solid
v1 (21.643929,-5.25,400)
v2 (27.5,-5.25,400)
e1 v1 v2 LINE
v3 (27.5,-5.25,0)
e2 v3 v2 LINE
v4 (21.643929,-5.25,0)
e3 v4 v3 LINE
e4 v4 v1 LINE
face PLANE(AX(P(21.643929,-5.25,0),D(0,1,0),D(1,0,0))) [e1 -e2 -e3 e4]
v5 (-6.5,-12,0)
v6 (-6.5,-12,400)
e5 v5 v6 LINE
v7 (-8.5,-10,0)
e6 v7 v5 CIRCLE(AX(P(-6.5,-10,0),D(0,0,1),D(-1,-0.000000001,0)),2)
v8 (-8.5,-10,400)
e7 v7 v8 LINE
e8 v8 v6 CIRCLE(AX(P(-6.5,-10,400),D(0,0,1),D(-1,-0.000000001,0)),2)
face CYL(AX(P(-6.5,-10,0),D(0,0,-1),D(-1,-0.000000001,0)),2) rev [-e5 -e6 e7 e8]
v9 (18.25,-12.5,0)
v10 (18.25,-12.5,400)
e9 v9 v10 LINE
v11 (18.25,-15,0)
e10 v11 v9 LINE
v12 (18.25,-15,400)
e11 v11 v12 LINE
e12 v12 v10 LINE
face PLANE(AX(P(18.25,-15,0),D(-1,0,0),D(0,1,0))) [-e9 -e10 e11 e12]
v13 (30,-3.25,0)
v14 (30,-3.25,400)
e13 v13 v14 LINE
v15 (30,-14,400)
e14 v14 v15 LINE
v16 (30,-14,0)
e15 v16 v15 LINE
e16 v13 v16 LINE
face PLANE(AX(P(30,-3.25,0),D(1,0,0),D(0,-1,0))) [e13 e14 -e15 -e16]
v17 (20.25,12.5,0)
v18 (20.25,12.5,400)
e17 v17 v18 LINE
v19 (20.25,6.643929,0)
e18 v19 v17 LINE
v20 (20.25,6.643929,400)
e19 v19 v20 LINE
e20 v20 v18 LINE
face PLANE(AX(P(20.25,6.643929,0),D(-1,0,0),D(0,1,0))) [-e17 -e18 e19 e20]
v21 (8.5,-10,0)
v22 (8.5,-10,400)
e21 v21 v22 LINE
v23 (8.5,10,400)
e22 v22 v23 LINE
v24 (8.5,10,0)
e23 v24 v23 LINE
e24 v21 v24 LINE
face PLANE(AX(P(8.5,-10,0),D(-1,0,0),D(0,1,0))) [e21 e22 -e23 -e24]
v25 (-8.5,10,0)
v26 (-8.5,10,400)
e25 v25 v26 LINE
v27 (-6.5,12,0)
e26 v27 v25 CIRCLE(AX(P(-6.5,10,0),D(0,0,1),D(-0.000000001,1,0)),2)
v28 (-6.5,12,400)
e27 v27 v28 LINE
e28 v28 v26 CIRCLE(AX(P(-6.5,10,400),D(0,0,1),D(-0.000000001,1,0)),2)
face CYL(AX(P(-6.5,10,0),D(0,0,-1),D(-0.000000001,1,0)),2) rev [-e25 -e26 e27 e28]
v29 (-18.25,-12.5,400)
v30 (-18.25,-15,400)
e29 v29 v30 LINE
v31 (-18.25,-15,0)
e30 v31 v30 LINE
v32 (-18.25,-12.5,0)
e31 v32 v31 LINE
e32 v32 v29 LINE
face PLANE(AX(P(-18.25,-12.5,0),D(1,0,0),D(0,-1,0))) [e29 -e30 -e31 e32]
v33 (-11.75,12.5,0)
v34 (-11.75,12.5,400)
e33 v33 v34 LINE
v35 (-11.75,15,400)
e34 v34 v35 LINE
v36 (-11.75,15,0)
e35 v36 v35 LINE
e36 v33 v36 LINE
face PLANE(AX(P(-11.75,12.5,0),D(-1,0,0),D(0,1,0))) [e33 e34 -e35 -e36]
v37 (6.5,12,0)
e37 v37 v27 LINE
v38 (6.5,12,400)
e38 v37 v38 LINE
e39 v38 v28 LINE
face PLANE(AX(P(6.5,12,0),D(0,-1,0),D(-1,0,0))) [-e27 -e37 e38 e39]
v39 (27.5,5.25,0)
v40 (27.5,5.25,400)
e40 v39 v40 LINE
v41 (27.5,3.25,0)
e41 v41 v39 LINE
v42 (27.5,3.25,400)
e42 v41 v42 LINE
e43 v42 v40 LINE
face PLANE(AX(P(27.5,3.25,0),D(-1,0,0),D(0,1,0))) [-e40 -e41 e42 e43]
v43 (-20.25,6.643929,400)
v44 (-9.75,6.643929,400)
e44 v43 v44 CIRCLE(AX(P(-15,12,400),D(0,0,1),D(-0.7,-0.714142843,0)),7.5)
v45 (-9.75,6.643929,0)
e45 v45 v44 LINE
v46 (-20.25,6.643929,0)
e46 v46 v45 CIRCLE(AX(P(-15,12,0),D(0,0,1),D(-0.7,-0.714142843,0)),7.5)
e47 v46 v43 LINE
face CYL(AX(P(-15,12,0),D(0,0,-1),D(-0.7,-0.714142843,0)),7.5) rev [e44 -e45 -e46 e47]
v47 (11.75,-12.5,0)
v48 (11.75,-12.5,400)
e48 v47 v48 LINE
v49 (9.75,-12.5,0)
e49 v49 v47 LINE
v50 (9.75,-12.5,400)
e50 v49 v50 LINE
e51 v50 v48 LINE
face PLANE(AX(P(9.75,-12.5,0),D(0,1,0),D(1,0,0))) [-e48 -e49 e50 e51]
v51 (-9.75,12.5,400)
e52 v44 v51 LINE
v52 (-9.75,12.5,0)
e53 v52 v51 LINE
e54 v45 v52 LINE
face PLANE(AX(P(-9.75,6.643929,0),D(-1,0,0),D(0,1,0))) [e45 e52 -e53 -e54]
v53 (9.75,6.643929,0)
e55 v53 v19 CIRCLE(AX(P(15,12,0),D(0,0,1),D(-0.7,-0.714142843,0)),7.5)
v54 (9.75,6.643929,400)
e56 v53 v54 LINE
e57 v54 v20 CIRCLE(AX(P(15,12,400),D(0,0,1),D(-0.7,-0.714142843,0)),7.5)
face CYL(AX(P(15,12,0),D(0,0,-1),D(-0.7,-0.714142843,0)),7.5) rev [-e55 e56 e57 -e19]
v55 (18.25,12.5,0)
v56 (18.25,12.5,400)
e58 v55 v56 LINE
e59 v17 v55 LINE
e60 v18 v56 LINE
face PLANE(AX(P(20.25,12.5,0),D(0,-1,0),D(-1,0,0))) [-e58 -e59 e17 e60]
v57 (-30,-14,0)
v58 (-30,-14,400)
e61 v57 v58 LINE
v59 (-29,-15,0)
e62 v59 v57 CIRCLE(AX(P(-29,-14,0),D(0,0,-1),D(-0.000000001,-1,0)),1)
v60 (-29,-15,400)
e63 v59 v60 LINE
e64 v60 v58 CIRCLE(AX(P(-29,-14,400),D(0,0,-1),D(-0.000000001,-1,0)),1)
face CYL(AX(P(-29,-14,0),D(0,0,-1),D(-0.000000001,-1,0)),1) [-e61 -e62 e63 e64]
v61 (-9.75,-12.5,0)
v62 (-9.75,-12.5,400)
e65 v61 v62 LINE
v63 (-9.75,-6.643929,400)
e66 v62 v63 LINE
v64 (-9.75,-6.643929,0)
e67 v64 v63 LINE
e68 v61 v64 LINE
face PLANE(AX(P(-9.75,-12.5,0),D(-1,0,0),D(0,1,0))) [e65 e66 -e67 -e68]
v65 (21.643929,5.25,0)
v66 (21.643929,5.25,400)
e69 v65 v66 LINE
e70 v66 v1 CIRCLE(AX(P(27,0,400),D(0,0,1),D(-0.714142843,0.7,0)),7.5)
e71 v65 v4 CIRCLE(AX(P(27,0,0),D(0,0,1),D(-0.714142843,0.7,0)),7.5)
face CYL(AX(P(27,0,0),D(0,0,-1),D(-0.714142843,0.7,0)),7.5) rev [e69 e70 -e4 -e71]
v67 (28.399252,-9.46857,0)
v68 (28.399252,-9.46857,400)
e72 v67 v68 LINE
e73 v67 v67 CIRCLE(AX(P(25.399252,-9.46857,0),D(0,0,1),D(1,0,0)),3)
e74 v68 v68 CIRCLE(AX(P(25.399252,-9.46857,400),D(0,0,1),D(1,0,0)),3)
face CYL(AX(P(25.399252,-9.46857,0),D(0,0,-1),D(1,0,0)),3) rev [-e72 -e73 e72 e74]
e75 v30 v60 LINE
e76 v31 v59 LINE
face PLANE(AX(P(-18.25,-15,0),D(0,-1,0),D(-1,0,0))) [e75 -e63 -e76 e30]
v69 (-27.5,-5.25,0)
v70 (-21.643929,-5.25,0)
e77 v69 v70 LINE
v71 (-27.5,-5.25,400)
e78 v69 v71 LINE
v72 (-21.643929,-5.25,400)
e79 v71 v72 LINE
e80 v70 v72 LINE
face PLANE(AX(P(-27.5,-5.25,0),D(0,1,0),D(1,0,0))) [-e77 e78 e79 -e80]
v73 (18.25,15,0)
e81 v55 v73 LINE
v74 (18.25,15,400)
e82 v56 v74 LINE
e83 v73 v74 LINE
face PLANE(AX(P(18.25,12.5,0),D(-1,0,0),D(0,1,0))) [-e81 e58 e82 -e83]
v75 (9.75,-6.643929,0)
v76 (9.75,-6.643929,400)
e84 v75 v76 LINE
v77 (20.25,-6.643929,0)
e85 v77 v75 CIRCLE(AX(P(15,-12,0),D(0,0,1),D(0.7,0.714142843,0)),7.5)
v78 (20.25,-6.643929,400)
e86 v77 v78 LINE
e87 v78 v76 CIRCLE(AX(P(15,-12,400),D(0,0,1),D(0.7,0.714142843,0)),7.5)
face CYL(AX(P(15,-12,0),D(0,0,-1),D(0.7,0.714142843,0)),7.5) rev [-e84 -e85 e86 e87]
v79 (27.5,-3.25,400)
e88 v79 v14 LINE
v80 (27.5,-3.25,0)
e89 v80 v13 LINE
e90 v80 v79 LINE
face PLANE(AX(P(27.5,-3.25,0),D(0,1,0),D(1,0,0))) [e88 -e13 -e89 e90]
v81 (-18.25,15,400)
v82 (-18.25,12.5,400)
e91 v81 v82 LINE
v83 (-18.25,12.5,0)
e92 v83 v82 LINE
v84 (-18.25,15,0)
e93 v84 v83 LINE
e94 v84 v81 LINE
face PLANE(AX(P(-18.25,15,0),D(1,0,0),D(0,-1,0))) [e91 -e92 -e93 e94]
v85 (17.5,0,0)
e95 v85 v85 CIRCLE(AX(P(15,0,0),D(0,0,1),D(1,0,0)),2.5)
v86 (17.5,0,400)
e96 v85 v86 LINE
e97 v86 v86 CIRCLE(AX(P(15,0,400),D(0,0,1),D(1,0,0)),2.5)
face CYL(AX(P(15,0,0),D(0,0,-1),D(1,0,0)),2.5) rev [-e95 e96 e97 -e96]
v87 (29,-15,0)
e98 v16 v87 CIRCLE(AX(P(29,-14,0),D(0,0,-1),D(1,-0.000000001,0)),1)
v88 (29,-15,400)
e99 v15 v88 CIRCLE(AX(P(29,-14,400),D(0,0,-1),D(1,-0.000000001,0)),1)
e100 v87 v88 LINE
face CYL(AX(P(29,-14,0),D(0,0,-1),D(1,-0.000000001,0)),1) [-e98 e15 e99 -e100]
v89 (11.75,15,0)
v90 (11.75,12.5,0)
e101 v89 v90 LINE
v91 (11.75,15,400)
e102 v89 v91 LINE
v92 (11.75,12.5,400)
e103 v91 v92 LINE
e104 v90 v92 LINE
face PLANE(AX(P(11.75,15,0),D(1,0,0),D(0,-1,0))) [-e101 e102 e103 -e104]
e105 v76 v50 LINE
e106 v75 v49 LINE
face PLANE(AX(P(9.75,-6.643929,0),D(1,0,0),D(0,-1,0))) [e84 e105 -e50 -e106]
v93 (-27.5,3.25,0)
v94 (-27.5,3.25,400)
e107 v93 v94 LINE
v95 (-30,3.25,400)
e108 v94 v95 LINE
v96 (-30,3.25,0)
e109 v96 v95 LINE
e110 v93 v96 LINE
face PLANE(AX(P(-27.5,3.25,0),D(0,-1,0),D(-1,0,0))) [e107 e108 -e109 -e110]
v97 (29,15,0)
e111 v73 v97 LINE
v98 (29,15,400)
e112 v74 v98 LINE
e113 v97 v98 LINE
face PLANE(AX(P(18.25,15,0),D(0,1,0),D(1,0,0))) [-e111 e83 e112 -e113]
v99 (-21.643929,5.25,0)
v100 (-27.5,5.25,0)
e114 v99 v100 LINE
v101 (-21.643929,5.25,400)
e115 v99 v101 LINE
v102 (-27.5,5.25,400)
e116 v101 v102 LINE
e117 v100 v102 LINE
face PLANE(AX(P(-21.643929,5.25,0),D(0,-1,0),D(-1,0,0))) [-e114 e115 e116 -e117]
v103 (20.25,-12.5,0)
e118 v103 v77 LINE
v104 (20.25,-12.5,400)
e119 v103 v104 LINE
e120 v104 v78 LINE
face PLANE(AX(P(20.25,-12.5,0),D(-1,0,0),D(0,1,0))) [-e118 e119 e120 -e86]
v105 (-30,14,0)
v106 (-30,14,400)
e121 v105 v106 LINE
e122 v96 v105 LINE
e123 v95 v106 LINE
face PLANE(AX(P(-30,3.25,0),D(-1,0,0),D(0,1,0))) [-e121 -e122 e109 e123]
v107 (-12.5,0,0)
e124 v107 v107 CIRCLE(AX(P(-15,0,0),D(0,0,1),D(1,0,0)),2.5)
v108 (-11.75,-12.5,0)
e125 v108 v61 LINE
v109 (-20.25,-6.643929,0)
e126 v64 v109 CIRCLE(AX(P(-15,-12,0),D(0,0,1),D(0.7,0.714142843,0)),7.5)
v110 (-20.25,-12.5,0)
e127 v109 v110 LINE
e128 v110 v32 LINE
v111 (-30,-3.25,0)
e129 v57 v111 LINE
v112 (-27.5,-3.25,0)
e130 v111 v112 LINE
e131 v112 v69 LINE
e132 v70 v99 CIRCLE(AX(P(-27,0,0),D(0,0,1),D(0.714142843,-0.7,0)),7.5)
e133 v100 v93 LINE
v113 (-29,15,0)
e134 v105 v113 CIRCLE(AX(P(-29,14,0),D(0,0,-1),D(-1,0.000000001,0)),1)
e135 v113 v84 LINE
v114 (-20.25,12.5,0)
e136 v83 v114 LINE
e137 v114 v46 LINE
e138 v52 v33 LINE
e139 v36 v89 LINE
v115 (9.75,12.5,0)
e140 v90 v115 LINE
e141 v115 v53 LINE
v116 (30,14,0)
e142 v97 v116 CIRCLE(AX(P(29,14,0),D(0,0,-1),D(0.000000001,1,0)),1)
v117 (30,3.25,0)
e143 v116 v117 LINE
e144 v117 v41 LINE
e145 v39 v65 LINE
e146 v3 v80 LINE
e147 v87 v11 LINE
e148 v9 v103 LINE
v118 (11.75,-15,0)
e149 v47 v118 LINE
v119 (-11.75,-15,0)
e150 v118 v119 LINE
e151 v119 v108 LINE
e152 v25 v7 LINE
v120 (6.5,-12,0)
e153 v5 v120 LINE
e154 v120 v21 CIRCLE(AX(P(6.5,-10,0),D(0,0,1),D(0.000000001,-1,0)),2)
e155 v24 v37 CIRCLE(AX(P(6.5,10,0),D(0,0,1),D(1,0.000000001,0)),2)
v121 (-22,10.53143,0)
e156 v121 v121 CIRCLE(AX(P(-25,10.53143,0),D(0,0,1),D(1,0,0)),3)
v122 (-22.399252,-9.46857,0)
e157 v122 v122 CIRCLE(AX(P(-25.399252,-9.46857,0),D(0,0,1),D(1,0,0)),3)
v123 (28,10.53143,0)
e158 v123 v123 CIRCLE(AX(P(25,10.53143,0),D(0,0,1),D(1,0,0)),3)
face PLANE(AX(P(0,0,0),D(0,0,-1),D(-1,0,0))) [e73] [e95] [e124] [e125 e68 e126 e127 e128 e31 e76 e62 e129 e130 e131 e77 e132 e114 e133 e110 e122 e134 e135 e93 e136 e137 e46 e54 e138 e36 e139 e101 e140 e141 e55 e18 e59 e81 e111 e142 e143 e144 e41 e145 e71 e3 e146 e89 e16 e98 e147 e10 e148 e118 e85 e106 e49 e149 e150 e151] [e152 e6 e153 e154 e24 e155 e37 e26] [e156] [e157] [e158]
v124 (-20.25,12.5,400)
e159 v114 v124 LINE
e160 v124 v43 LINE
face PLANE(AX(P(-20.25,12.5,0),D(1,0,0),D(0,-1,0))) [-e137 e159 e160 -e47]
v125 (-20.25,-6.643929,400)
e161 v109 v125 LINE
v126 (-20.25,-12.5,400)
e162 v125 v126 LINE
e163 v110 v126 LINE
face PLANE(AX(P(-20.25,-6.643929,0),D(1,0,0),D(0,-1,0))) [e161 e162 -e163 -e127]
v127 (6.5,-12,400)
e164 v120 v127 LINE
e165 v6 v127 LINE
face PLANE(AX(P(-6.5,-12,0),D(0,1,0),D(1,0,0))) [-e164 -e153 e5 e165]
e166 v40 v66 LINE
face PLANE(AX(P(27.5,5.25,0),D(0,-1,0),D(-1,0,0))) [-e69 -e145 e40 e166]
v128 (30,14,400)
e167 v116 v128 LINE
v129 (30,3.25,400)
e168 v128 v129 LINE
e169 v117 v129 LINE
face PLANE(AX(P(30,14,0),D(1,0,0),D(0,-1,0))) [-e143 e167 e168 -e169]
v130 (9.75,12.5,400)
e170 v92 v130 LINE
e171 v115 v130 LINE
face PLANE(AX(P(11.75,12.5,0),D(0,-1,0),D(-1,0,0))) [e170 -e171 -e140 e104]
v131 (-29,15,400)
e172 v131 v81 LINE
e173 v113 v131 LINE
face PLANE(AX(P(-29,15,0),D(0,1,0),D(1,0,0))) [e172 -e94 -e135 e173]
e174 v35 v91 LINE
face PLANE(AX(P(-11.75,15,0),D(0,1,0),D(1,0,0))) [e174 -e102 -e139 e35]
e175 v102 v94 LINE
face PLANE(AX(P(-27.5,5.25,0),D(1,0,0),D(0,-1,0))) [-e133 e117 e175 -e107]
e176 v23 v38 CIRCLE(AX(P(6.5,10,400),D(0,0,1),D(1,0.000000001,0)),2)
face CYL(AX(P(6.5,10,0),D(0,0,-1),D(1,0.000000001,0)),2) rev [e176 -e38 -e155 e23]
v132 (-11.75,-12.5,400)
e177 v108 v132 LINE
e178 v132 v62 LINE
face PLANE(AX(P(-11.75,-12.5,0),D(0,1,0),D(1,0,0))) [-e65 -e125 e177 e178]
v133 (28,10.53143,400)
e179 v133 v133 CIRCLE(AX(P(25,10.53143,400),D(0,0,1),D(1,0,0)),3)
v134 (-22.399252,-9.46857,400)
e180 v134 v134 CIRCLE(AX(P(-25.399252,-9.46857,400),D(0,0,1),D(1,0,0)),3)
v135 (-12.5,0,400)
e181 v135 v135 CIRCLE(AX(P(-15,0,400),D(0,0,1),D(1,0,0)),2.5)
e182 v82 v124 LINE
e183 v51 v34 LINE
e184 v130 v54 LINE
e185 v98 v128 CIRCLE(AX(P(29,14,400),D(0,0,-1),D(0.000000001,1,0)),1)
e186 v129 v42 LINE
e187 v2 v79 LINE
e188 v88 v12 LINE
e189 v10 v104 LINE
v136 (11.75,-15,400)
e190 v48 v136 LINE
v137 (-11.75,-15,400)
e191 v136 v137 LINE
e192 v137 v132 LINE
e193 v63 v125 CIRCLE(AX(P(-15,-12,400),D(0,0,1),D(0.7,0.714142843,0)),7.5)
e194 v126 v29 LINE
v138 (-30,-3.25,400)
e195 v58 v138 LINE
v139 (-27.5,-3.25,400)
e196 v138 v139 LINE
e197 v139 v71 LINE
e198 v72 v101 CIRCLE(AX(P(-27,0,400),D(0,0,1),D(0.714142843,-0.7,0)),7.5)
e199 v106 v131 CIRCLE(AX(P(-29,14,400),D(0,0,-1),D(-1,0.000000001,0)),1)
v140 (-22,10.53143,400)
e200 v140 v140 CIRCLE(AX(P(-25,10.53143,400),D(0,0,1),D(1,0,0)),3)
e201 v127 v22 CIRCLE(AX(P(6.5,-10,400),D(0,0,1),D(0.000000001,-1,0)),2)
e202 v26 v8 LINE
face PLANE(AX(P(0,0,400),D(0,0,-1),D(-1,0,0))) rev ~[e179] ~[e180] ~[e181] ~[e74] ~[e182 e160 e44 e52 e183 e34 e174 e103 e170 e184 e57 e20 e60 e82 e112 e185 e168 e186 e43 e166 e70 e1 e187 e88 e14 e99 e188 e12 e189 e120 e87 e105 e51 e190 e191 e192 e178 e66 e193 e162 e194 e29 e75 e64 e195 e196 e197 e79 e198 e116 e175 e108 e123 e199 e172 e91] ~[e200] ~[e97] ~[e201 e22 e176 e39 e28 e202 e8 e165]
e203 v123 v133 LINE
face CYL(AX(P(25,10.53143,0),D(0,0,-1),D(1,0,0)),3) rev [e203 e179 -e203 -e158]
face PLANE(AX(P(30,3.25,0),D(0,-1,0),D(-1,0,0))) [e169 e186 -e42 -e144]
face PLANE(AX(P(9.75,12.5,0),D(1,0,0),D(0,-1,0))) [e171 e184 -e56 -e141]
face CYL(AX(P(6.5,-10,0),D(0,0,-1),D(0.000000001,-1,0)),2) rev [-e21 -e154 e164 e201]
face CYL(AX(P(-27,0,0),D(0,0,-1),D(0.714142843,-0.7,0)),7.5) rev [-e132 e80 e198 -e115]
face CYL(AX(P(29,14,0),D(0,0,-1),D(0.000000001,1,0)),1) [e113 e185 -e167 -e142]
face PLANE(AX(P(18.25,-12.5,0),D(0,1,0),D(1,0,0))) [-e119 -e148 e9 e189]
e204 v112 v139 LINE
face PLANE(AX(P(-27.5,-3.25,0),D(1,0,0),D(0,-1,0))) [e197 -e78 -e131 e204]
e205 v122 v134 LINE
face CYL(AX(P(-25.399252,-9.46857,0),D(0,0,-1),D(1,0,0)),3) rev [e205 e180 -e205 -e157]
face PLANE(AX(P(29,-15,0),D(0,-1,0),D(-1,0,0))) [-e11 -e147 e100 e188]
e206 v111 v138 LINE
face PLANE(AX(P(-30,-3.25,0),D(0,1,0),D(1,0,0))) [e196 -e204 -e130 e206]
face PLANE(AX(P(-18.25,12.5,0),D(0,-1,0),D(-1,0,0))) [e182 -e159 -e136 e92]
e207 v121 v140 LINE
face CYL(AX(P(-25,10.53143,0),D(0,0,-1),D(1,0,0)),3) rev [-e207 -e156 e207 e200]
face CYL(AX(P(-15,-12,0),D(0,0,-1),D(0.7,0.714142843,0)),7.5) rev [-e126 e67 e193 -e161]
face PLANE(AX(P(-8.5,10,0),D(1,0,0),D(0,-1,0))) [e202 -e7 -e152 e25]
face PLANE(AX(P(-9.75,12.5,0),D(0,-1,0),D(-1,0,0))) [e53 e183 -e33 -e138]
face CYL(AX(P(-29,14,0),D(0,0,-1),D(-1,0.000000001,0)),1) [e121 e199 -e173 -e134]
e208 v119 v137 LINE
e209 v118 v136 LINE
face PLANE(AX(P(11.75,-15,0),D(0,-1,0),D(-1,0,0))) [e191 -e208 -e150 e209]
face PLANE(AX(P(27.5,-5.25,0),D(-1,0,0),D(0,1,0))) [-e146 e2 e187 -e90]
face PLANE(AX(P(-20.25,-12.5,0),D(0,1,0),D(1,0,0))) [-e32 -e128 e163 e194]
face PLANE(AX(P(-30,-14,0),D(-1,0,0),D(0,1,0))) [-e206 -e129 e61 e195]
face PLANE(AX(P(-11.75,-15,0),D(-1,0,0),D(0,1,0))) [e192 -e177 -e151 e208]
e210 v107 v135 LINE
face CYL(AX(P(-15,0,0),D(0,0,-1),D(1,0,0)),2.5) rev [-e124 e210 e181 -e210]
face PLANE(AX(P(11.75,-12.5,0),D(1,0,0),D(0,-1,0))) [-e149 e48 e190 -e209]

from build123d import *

# Parameters (mm, degrees)
MODEL_R             = 2.5
MODEL_R_2           = 3
BOSS_EXTRUDE1_DEPTH = 400


with BuildPart() as part:
    # Model → Boss-Extrude1 (new body)
    with BuildSketch(Plane.XY):
        with BuildLine():
            Line((-27.5, 3.25), (-30, 3.25))
            Line((-30, 3.25), (-30, 14))
            ThreePointArc((-30, 14), (-29.707106781, 14.707106781), (-29, 15))
            Line((-29, 15), (-18.25, 15))
            Line((-18.25, 15), (-18.25, 12.5))
            Line((-18.25, 12.5), (-20.25, 12.5))
            Line((-20.25, 12.5), (-20.25, 6.643928679))
            ThreePointArc((-20.25, 6.643928679), (-15, 4.5), (-9.75, 6.643928679))
            Line((-9.75, 6.643928679), (-9.75, 12.5))
            Line((-9.75, 12.5), (-11.75, 12.5))
            Line((-11.75, 12.5), (-11.75, 15))
            Line((-11.75, 15), (11.75, 15))
            Line((11.75, 15), (11.75, 12.5))
            Line((11.75, 12.5), (9.75, 12.5))
            Line((9.75, 12.5), (9.75, 6.643928679))
            ThreePointArc((9.75, 6.643928679), (15, 4.5), (20.25, 6.643928679))
            Line((20.25, 6.643928679), (20.25, 12.5))
            Line((20.25, 12.5), (18.25, 12.5))
            Line((18.25, 12.5), (18.25, 15))
            Line((18.25, 15), (29, 15))
            ThreePointArc((29, 15), (29.707106781, 14.707106781), (30, 14))
            Line((30, 14), (30, 3.25))
            Line((30, 3.25), (27.5, 3.25))
            Line((27.5, 3.25), (27.5, 5.25))
            Line((27.5, 5.25), (21.643928679, 5.25))
            ThreePointArc((21.643928679, 5.25), (19.5, 0), (21.643928679, -5.25))
            Line((21.643928679, -5.25), (27.5, -5.25))
            Line((27.5, -5.25), (27.5, -3.25))
            Line((27.5, -3.25), (30, -3.25))
            Line((30, -3.25), (30, -14))
            ThreePointArc((30, -14), (29.707106781, -14.707106781), (29, -15))
            Line((29, -15), (18.25, -15))
            Line((18.25, -15), (18.25, -12.5))
            Line((18.25, -12.5), (20.25, -12.5))
            Line((20.25, -12.5), (20.25, -6.643928679))
            ThreePointArc((20.25, -6.643928679), (15, -4.5), (9.75, -6.643928679))
            Line((9.75, -6.643928679), (9.75, -12.5))
            Line((9.75, -12.5), (11.75, -12.5))
            Line((11.75, -12.5), (11.75, -15))
            Line((11.75, -15), (-11.75, -15))
            Line((-11.75, -15), (-11.75, -12.5))
            Line((-11.75, -12.5), (-9.75, -12.5))
            Line((-9.75, -12.5), (-9.75, -6.643928679))
            ThreePointArc((-9.75, -6.643928679), (-15, -4.5), (-20.25, -6.643928679))
            Line((-20.25, -6.643928679), (-20.25, -12.5))
            Line((-20.25, -12.5), (-18.25, -12.5))
            Line((-18.25, -12.5), (-18.25, -15))
            Line((-18.25, -15), (-29, -15))
            ThreePointArc((-29, -15), (-29.707106781, -14.707106781), (-30, -14))
            Line((-30, -14), (-30, -3.25))
            Line((-30, -3.25), (-27.5, -3.25))
            Line((-27.5, -3.25), (-27.5, -5.25))
            Line((-27.5, -5.25), (-21.643928679, -5.25))
            ThreePointArc((-21.643928679, -5.25), (-19.5, 0), (-21.643928679, 5.25))
            Line((-21.643928679, 5.25), (-27.5, 5.25))
            Line((-27.5, 5.25), (-27.5, 3.25))
        make_face()
        with Locations((-15, 0)):
            Circle(MODEL_R, mode=Mode.SUBTRACT)
        with Locations((-25, 10.531430074)):
            Circle(MODEL_R_2, mode=Mode.SUBTRACT)
        with Locations((-25.399251578, -9.468569926)):
            Circle(MODEL_R_2, mode=Mode.SUBTRACT)
        with Locations((25.399251578, -9.468569926)):
            Circle(MODEL_R_2, mode=Mode.SUBTRACT)
        with Locations((15, 0)):
            Circle(MODEL_R, mode=Mode.SUBTRACT)
        with Locations((25, 10.531430074)):
            Circle(MODEL_R_2, mode=Mode.SUBTRACT)
        with BuildLine():
            Line((6.5, 12), (-6.5, 12))
            ThreePointArc((-6.5, 12), (-7.914213562, 11.414213562), (-8.5, 10))
            Line((-8.5, 10), (-8.5, -10))
            ThreePointArc((-8.5, -10), (-7.914213562, -11.414213562), (-6.5, -12))
            Line((-6.5, -12), (6.5, -12))
            ThreePointArc((6.5, -12), (7.914213562, -11.414213562), (8.5, -10))
            Line((8.5, -10), (8.5, 10))
            ThreePointArc((8.5, 10), (7.914213562, 11.414213562), (6.5, 12))
        make_face(mode=Mode.SUBTRACT)
    extrude(amount=BOSS_EXTRUDE1_DEPTH)


solid = part.part
